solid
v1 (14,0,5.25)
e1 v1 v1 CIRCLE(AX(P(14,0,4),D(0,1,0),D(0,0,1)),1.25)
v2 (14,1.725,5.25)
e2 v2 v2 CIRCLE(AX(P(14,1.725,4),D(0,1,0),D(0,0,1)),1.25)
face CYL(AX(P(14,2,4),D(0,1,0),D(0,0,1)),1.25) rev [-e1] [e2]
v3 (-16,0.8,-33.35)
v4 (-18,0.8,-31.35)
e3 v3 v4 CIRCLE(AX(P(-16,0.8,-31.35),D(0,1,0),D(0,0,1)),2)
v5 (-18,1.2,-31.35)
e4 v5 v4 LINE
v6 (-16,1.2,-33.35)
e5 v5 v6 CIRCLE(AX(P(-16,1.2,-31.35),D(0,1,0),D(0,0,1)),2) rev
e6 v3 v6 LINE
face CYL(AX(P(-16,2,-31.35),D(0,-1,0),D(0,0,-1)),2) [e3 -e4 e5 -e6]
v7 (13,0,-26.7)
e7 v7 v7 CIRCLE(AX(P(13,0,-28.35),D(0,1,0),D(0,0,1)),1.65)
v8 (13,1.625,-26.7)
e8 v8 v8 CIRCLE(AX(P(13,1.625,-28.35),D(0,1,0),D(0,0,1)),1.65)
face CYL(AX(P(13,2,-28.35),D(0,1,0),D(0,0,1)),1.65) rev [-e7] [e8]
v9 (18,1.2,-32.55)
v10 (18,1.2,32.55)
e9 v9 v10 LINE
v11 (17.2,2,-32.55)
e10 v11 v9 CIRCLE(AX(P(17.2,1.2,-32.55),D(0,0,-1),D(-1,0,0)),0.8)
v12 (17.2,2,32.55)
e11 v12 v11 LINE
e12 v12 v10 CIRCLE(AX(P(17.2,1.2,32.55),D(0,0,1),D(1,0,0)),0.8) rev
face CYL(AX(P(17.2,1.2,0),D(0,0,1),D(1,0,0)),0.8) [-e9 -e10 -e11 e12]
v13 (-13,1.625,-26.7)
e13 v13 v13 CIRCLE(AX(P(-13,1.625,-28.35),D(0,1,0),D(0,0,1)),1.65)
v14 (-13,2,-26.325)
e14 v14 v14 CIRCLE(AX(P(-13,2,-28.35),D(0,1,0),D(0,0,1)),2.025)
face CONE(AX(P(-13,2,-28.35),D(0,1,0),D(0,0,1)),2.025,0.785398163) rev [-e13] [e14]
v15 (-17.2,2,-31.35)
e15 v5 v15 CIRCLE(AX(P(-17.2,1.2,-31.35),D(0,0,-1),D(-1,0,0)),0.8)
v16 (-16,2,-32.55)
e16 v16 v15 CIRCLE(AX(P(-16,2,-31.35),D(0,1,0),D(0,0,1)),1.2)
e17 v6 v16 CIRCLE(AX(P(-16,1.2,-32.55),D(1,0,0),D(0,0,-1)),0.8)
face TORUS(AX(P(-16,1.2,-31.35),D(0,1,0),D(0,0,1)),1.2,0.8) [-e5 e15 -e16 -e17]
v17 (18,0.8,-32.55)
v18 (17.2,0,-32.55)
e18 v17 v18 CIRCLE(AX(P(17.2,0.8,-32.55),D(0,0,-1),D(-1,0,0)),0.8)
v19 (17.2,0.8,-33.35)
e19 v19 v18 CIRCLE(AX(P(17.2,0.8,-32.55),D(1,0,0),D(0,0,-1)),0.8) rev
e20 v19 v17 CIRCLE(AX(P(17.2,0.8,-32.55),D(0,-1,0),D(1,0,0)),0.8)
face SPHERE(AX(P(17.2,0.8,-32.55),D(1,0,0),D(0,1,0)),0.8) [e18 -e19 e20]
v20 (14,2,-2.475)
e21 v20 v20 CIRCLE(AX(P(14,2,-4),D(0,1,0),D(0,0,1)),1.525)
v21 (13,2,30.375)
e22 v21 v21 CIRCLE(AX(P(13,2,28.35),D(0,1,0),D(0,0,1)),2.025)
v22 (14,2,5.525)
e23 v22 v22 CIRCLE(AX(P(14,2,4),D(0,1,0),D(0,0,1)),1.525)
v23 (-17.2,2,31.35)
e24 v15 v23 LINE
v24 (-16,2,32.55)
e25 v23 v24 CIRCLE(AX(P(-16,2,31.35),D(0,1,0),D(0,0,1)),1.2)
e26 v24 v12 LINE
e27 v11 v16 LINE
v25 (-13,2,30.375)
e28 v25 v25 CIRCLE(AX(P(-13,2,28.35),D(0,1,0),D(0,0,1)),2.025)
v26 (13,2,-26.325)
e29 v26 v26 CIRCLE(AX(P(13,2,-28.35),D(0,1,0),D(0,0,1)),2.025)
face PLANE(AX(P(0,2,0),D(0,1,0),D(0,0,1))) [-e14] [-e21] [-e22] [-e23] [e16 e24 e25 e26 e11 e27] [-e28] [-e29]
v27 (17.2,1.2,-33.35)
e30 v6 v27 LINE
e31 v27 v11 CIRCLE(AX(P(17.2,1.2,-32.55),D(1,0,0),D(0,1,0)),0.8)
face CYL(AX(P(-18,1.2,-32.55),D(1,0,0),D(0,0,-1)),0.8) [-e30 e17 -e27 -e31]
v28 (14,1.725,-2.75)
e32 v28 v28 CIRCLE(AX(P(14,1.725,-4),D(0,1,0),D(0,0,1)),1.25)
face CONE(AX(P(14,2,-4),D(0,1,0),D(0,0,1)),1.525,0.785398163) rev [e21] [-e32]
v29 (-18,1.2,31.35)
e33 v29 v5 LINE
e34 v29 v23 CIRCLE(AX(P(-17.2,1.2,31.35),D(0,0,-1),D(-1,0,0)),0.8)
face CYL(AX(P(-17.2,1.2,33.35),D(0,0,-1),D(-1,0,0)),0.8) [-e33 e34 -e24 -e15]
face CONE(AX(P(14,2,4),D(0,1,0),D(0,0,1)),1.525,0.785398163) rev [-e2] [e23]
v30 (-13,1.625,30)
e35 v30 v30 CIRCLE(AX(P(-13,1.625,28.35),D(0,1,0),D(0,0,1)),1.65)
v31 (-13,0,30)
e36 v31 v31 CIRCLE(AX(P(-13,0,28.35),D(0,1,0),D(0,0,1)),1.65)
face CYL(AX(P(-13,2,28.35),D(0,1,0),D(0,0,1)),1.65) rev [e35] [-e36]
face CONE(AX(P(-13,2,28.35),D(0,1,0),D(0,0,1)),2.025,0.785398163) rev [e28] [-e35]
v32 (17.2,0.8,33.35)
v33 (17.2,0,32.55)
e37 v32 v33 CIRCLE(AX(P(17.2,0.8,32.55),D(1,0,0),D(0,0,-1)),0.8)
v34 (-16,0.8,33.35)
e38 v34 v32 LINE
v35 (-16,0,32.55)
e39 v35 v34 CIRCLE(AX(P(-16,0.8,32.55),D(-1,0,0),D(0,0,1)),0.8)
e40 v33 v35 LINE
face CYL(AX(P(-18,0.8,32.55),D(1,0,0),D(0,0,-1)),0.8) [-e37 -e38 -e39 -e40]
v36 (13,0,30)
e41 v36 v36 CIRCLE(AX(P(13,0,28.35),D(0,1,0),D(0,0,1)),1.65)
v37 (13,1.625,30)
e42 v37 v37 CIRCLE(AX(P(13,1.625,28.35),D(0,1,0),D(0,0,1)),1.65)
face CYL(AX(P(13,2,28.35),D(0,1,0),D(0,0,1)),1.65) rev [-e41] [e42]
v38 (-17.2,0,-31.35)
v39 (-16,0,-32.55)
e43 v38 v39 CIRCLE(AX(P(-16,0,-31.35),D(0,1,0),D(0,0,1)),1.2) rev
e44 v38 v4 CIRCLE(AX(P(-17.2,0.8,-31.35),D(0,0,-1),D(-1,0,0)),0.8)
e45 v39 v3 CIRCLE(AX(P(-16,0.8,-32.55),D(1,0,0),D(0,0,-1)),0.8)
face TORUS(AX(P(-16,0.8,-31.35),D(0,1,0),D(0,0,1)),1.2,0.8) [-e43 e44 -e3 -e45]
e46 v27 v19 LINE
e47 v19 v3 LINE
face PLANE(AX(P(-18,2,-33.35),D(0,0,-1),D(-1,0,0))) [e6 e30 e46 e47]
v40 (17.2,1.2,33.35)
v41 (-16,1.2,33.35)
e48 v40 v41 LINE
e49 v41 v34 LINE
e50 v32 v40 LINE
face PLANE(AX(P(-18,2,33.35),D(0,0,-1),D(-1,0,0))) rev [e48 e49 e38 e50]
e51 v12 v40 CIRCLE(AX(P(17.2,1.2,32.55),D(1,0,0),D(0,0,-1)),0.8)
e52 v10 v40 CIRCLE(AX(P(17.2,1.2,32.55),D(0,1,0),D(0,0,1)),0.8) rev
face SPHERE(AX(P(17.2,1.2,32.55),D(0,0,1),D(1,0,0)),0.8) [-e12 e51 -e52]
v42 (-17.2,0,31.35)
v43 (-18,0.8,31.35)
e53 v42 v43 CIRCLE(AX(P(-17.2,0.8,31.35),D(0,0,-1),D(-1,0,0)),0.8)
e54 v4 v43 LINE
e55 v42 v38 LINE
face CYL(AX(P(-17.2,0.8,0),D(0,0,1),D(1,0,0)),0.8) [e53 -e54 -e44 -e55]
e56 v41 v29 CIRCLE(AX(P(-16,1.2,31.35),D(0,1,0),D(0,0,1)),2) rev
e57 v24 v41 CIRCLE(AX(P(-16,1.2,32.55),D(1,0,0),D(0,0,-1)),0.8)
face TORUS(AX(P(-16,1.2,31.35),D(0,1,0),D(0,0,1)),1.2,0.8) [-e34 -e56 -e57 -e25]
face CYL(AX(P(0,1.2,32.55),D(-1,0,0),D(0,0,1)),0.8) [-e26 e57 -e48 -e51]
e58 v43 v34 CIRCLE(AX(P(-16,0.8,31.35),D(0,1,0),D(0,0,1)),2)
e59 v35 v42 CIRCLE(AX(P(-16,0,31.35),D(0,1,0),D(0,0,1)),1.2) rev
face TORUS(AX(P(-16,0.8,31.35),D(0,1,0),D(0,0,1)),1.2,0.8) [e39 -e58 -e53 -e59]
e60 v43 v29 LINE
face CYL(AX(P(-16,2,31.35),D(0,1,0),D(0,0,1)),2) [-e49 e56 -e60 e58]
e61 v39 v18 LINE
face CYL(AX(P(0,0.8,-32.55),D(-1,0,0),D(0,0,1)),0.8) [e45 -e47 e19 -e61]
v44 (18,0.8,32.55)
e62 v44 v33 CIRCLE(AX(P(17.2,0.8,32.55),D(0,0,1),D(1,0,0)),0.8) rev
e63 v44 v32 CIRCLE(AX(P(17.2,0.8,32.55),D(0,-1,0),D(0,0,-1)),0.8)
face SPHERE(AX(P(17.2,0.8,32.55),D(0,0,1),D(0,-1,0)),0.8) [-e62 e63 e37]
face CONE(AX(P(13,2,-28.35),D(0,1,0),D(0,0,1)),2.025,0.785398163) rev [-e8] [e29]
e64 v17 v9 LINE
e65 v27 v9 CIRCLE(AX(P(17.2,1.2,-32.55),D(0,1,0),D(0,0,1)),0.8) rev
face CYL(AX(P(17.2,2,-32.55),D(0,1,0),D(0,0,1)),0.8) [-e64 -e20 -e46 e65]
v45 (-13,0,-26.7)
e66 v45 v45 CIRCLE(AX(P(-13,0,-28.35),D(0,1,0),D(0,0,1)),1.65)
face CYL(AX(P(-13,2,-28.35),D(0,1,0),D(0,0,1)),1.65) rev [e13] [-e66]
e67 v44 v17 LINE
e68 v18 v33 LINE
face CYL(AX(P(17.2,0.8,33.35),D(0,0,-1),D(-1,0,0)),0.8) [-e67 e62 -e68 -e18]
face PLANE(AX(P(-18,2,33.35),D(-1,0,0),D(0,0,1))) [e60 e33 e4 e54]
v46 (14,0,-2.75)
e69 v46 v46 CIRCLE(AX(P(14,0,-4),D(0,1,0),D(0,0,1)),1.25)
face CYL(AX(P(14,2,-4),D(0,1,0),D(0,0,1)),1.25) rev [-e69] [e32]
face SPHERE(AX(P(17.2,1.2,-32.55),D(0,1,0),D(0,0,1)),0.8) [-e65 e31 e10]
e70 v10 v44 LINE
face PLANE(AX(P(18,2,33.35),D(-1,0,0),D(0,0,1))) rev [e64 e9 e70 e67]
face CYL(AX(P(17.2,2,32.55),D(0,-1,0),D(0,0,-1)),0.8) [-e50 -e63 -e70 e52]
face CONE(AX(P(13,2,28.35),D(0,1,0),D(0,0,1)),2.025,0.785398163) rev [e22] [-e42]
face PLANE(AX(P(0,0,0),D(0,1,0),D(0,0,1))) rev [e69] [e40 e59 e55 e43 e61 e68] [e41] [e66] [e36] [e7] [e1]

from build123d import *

# Parameters (mm, degrees)
SKETCH_1_W                   = 36
SKETCH_1_H                   = 66.7
EXTRUDE_1_DEPTH              = 2
HOLE_WIZARD_M4_2_AT_2_COUNT  = 2
HOLE_WIZARD_M4_2_AT_2_PITCH  = 56.7
HOLE_WIZARD_M4_2_AT_3_COUNT  = 2
HOLE_WIZARD_M4_2_AT_3_PITCH  = 62.376998966
HOLE_WIZARD_M4_2_AT_4_COUNT  = 2
HOLE_WIZARD_M4_2_AT_4_PITCH  = 26
FILLET_1_R                   = 2
HOLE_WIZARD_M3_1_D           = 2.5
HOLE_WIZARD_M3_1_CSINK_D     = 3.05
HOLE_WIZARD_M3_1_CSINK_ANGLE = 90
FILLET_2_R                   = 0.8


with BuildPart() as part:
    # 草图1 → 凸台-拉伸1 (new body)
    with BuildSketch(Plane(origin=(0, 0, 0), x_dir=(1, 0, 0), z_dir=(0, 1, 0))):
        Rectangle(SKETCH_1_W, SKETCH_1_H)
    extrude(amount=EXTRUDE_1_DEPTH)

    # 草图4 → M4 螺纹孔2 (revolve, cut)
    with BuildSketch(Plane(origin=(-13, 2, 28.35), x_dir=(0, 0, 1), z_dir=(1, 0, 0))):
        Polygon((0, 0), (0, 2), (1.65, 2), (1.65, 0.375), (2.025, 0), align=None)
    hole_wizard_m4_2 = revolve(axis=Axis((-13, 8.35, 28.35), (0, -1, 0)), mode=Mode.SUBTRACT)

    # M4 螺纹孔2 at 2: M4 螺纹孔2 ×2
    with Locations(*[(0, 0, -i * HOLE_WIZARD_M4_2_AT_2_PITCH) for i in range(1, HOLE_WIZARD_M4_2_AT_2_COUNT)]):
        add(hole_wizard_m4_2, mode=Mode.SUBTRACT)

    # M4 螺纹孔2 at 3: M4 螺纹孔2 ×2
    with Locations(*[Vector(0.41682030926474145, 0, -0.9089889052042635) * (i * HOLE_WIZARD_M4_2_AT_3_PITCH) for i in range(1, HOLE_WIZARD_M4_2_AT_3_COUNT)]):
        add(hole_wizard_m4_2, mode=Mode.SUBTRACT)

    # M4 螺纹孔2 at 4: M4 螺纹孔2 ×2
    with Locations(*[(i * HOLE_WIZARD_M4_2_AT_4_PITCH, 0, 0) for i in range(1, HOLE_WIZARD_M4_2_AT_4_COUNT)]):
        add(hole_wizard_m4_2, mode=Mode.SUBTRACT)

    # 圆角1
    fillet_1_edges = [part.edges().sort_by_distance(p)[0] for p in [
        (-18, 1, 33.35),
        (-18, 1, -33.35),
    ]]
    fillet(fillet_1_edges, radius=FILLET_1_R)

    # M3 螺纹孔1 (through all)
    with Locations(Plane(origin=(0, 2, 0), x_dir=(1, 0, 0), z_dir=(0, 1, 0))):
        with Locations((14, -4), (14, 4)):
            CounterSinkHole(HOLE_WIZARD_M3_1_D / 2, HOLE_WIZARD_M3_1_CSINK_D / 2, counter_sink_angle=HOLE_WIZARD_M3_1_CSINK_ANGLE)

    # 圆角2
    fillet_2_edges = [part.edges().sort_by_distance(p)[0] for p in [
        (1, 0, 33.35),
        (1, 2, 33.35),
        (-18, 0, 0),
        (1, 0, -33.35),
        (-17.414213562, 0, -32.764213562),
        (-17.414213562, 0, 32.764213562),
        (-18, 2, 0),
        (1, 2, -33.35),
        (-17.414213562, 2, -32.764213562),
        (-17.414213562, 2, 32.764213562),
        (18, 0, 0),
        (18, 1, -33.35),
        (18, 1, 33.35),
        (18, 2, 0),
    ]]
    fillet(fillet_2_edges, radius=FILLET_2_R)


solid = part.part
